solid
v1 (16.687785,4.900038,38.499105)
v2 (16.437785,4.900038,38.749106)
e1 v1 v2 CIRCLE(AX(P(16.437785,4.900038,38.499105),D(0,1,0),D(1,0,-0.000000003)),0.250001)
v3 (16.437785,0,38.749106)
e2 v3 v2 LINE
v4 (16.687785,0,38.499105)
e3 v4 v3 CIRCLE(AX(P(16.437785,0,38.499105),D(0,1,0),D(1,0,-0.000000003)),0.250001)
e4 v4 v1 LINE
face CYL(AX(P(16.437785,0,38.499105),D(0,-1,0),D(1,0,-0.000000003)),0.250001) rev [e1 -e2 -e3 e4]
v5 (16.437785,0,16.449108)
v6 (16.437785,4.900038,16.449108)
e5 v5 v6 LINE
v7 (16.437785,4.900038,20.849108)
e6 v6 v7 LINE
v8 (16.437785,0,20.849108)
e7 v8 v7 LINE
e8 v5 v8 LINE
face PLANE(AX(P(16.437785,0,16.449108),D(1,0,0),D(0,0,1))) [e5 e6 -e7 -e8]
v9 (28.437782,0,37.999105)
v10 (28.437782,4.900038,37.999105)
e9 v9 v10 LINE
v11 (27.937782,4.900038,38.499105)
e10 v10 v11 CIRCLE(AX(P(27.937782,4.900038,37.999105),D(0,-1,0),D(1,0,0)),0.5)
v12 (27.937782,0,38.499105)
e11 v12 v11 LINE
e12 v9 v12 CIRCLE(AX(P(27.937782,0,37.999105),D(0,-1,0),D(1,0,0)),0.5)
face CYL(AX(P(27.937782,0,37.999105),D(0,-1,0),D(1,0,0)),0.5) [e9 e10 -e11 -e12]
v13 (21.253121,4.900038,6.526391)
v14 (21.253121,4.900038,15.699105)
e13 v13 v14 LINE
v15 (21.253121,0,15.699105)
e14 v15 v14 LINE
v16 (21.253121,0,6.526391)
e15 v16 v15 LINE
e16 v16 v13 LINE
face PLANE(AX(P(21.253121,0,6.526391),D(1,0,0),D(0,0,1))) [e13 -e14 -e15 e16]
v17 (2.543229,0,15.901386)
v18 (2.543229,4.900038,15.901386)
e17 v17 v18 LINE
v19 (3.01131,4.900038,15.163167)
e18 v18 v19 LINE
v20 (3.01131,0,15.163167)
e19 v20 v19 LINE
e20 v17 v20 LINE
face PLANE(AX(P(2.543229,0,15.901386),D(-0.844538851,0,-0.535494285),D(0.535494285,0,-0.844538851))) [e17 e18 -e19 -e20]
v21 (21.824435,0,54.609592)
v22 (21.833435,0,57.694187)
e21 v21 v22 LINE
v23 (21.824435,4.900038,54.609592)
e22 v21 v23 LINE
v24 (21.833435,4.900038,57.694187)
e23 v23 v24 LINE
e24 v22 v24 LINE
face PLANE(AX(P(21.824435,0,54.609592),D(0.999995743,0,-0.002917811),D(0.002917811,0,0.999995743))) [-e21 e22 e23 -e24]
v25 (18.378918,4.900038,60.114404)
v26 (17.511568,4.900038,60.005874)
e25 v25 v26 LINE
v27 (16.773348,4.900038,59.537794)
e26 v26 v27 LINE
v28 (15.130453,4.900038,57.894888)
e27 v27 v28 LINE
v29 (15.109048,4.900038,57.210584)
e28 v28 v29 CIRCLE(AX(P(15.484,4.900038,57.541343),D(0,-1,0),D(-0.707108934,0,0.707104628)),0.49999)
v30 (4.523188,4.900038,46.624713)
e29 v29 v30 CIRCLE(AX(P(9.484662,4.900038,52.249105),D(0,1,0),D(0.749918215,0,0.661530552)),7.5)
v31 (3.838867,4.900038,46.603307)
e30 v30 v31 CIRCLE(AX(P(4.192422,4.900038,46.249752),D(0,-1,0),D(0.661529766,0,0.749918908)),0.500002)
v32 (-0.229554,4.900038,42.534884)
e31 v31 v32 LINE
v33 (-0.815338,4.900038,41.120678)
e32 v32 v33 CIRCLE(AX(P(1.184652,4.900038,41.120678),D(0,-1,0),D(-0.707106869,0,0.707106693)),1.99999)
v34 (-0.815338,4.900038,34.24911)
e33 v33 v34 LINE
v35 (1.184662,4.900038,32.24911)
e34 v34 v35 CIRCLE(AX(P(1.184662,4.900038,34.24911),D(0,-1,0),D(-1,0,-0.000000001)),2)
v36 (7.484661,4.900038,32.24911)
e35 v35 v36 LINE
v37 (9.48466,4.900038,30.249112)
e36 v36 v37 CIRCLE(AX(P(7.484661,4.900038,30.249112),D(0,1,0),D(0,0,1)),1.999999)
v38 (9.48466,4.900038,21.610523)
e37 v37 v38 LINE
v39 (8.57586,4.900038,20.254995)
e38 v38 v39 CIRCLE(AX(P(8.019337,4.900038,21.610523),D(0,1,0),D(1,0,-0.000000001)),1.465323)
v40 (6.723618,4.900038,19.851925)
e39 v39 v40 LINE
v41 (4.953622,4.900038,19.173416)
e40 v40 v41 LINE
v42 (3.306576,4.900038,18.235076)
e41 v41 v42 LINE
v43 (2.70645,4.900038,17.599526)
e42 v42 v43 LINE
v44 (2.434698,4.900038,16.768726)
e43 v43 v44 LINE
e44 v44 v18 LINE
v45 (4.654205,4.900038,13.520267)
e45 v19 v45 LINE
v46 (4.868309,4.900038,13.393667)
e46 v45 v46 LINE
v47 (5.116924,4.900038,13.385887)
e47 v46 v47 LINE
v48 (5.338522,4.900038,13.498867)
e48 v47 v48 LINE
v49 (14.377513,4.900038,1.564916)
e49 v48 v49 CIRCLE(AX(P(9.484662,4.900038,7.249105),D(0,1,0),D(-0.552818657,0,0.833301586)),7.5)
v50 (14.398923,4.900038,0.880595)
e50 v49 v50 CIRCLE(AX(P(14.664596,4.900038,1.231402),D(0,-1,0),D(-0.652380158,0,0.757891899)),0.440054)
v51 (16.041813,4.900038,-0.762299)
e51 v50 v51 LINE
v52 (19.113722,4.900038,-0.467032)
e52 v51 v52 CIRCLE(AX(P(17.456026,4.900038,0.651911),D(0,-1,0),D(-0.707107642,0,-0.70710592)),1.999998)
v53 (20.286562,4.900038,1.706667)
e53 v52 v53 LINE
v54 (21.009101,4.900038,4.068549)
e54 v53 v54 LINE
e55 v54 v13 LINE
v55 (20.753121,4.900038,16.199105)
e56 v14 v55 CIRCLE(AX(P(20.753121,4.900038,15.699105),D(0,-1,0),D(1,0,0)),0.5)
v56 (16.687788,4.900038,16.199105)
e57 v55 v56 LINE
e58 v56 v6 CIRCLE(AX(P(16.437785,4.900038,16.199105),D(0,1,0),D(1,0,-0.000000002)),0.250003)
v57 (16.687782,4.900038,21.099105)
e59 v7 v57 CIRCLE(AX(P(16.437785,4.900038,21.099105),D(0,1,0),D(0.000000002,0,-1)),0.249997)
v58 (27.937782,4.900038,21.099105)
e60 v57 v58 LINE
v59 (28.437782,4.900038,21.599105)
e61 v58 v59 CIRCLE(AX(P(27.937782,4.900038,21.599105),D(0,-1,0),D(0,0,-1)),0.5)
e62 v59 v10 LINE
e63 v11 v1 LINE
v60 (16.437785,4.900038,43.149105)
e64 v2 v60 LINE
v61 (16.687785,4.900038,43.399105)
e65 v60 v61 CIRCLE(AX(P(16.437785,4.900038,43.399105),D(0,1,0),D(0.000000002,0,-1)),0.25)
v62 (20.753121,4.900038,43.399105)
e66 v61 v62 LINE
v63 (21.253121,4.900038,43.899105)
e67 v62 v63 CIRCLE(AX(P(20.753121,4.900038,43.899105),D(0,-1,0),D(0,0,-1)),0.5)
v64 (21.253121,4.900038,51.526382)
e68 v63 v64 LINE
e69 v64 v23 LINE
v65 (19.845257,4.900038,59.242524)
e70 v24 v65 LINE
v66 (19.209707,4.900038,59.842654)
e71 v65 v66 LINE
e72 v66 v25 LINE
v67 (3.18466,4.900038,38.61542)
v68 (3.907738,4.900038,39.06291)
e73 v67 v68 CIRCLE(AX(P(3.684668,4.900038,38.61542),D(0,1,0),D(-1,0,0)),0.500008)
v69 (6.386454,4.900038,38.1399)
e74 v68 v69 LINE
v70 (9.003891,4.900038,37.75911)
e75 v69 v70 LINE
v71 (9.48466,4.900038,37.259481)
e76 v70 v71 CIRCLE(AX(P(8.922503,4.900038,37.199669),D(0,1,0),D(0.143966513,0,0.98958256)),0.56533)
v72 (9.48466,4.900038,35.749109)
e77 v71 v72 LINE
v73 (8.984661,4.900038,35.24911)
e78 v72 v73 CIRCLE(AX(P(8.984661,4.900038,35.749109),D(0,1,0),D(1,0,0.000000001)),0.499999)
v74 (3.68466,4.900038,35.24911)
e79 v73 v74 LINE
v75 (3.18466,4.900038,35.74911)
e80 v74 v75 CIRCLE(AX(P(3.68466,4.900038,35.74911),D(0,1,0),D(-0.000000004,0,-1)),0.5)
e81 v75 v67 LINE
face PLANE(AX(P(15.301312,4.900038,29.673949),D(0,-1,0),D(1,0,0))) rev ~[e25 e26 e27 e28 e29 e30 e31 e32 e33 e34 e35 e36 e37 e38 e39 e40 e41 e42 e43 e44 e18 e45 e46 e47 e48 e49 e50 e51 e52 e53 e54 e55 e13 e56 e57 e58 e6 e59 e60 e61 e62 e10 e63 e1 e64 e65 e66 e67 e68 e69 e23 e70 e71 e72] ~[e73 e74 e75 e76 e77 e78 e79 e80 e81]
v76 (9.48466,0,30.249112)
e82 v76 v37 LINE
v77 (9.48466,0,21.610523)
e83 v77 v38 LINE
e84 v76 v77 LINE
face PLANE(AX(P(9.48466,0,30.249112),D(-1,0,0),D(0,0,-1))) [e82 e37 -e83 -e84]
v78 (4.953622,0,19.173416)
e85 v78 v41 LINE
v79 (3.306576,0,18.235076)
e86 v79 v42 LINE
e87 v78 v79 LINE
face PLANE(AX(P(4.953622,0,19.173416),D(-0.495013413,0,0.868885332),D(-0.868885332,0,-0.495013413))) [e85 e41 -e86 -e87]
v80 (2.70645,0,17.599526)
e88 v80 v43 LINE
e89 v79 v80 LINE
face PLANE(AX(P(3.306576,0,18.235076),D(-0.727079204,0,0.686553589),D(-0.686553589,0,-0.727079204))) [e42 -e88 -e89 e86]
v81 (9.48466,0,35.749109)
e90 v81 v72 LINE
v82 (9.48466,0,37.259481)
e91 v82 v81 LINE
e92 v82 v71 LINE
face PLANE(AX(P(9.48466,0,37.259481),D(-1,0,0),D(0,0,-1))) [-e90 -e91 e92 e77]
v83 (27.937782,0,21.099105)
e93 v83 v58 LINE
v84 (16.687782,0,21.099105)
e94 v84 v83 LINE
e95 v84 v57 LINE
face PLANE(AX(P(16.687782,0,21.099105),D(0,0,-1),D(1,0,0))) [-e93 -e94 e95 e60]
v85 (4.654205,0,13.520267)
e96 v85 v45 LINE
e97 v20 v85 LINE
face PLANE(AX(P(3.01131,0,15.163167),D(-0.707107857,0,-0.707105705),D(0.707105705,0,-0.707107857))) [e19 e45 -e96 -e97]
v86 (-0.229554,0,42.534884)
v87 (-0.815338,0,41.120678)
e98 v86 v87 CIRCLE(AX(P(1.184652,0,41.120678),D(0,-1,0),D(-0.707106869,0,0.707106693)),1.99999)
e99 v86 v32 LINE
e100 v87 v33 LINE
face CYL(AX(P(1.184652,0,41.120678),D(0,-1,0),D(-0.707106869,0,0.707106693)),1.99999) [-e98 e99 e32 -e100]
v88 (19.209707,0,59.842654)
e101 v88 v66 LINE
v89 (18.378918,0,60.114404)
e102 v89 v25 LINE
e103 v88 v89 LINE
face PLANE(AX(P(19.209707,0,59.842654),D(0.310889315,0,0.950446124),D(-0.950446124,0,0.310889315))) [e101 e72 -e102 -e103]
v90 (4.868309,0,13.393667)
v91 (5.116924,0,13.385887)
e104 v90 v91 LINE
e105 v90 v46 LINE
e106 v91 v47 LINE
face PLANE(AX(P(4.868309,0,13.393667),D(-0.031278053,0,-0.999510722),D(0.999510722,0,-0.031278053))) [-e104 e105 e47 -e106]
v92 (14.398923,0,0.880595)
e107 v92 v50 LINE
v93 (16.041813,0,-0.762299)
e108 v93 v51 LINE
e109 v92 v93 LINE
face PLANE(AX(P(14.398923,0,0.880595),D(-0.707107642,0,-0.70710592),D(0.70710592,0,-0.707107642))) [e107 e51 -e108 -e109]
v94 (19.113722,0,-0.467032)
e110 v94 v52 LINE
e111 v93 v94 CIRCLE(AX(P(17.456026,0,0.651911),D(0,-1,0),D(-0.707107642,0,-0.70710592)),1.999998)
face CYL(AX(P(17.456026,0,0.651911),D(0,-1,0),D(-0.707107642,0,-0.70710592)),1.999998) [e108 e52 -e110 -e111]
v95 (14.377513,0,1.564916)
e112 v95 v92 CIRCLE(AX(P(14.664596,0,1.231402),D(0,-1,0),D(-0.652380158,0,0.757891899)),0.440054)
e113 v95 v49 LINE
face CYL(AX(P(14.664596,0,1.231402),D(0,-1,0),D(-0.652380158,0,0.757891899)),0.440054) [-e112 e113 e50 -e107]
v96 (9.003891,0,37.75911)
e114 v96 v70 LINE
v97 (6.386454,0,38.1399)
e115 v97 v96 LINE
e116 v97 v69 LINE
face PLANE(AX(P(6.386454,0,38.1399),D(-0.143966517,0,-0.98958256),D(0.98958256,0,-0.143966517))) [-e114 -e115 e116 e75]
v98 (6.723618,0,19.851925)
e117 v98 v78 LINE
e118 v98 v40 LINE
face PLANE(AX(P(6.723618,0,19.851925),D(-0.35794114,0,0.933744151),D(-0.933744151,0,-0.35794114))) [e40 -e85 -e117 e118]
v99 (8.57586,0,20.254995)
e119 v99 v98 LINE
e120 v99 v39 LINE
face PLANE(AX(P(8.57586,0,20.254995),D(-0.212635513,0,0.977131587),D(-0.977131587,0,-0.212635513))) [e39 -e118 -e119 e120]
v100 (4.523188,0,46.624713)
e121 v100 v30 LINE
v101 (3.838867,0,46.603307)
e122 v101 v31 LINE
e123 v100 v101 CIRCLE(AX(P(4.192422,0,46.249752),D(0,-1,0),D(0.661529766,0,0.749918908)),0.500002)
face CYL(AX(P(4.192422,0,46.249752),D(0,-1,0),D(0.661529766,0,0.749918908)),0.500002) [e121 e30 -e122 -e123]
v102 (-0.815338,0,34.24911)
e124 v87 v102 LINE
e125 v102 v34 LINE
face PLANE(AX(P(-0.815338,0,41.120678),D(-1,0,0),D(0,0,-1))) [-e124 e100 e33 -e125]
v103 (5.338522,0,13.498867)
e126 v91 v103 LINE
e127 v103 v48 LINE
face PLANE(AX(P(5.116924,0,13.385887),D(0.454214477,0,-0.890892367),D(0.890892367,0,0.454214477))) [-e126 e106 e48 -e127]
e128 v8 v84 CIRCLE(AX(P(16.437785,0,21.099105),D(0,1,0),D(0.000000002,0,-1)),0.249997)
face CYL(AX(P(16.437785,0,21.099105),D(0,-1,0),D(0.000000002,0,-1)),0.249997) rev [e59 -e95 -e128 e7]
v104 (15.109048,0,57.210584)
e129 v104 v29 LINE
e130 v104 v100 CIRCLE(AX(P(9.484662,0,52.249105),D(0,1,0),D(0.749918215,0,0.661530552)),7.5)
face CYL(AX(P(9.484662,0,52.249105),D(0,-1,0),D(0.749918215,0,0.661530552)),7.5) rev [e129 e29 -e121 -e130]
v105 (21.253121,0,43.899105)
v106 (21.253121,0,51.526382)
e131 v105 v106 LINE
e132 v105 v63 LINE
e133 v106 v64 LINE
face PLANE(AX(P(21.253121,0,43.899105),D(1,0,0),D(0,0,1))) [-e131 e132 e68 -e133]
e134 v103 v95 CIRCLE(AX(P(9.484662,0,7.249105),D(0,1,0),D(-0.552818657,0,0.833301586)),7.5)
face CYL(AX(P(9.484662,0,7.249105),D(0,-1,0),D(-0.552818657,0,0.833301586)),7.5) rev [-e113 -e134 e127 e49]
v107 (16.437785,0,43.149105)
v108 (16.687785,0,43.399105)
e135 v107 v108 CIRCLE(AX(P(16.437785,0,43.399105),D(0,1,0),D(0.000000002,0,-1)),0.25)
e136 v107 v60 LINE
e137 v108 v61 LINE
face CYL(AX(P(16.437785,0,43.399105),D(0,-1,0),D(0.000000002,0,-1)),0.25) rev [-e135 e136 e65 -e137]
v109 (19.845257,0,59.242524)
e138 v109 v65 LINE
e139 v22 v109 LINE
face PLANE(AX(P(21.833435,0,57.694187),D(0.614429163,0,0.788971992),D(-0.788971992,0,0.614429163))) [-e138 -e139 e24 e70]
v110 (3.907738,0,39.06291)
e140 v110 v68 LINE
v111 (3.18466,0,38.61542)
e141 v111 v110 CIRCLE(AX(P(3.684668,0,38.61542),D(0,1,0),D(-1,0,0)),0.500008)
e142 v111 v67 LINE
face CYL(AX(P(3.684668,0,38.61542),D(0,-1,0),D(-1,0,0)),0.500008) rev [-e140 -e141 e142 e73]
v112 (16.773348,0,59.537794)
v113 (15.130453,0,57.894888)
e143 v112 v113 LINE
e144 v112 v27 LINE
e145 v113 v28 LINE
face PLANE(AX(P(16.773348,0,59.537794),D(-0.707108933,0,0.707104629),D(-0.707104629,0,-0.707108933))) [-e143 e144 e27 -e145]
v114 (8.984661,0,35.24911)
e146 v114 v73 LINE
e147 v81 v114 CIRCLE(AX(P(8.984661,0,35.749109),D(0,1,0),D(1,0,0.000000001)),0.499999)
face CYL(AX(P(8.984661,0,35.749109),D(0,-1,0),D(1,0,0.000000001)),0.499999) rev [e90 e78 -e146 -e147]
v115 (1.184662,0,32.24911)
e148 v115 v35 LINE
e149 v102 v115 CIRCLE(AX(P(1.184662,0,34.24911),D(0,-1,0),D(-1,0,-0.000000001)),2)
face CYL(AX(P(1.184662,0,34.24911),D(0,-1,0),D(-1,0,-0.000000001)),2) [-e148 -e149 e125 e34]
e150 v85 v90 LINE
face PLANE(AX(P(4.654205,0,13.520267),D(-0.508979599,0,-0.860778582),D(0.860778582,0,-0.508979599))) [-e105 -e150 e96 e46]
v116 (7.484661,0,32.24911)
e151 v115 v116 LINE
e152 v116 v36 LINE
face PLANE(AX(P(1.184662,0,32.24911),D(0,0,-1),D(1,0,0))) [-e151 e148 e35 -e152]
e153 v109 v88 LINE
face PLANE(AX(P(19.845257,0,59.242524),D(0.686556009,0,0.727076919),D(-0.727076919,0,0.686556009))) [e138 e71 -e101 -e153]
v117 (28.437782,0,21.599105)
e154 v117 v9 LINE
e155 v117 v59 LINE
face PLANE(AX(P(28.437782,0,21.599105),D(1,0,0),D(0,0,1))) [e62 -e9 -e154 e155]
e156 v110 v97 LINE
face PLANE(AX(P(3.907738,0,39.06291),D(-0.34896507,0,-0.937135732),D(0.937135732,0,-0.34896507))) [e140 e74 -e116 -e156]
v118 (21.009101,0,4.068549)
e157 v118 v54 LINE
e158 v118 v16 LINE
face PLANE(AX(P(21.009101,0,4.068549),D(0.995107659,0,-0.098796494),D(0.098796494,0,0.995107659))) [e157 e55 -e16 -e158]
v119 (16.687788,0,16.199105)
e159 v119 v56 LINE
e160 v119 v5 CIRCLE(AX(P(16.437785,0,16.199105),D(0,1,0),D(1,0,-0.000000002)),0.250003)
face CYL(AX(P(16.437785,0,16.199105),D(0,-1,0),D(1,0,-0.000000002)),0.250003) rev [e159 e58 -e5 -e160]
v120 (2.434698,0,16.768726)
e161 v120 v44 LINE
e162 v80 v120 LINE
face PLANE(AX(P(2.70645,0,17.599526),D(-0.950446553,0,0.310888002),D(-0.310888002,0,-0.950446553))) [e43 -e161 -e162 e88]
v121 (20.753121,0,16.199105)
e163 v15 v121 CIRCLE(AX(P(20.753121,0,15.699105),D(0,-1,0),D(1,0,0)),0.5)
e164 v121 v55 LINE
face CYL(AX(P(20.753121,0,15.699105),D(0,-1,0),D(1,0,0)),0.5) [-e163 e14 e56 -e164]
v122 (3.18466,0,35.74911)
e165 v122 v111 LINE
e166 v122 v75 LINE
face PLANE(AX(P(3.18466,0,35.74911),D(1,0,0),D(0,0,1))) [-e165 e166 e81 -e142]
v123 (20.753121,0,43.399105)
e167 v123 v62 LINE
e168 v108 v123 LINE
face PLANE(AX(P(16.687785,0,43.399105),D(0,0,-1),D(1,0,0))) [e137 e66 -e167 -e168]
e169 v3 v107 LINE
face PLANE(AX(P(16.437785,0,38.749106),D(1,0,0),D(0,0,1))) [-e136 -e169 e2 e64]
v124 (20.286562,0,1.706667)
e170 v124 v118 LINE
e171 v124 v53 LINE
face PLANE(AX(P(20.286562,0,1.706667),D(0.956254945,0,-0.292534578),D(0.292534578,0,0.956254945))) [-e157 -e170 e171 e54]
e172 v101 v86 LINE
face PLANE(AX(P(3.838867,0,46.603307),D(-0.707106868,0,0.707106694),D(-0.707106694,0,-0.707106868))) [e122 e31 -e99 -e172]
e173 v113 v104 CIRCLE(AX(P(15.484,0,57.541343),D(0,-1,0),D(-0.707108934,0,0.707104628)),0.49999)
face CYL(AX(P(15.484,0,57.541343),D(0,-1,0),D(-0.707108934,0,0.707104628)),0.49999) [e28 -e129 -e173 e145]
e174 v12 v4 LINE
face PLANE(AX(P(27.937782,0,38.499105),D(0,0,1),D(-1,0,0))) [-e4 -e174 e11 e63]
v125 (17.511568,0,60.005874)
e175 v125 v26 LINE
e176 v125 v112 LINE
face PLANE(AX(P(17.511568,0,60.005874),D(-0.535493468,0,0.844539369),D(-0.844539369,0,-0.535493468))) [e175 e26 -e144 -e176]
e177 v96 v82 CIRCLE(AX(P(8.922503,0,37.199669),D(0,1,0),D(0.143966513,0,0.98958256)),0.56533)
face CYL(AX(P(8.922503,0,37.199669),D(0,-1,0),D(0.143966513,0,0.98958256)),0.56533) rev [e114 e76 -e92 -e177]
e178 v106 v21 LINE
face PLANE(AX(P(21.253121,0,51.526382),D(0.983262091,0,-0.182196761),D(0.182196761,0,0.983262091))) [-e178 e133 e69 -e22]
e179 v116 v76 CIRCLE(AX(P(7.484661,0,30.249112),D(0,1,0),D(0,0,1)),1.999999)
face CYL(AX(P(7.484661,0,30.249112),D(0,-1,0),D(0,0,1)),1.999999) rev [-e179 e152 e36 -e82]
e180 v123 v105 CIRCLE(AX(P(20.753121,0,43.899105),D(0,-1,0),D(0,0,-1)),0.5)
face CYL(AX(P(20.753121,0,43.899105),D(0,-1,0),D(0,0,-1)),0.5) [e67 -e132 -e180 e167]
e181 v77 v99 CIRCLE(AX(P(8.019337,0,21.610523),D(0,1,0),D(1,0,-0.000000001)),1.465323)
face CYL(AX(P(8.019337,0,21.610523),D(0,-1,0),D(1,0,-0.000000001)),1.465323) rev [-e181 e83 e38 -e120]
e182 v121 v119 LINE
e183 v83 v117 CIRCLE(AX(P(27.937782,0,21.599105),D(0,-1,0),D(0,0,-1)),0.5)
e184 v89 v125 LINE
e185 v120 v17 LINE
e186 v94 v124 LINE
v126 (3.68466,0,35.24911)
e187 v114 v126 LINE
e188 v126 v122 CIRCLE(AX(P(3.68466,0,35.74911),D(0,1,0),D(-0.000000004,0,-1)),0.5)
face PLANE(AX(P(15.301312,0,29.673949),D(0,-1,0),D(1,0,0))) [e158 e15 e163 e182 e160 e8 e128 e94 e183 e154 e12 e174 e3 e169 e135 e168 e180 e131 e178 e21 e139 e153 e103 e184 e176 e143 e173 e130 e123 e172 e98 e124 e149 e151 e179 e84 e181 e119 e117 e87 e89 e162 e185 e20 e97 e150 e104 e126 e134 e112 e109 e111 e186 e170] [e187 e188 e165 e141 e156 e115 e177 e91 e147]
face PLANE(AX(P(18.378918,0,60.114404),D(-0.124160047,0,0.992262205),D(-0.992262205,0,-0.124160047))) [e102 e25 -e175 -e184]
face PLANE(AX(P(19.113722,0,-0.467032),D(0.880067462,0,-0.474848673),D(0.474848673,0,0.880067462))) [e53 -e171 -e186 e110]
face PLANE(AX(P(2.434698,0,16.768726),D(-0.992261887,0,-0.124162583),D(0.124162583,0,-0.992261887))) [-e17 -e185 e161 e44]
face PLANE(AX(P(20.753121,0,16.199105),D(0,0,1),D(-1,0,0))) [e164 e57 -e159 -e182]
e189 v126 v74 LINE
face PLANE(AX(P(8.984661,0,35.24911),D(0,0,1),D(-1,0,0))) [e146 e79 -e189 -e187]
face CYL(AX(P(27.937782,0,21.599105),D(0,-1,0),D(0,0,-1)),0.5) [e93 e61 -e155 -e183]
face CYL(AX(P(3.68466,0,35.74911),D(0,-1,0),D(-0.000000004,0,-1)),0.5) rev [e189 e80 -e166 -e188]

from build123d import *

# Parameters (mm, degrees)
BOSS_EXTRU_1_DEPTH = 4.900038


with BuildPart() as part:
    # Esquisse1 → Boss.-Extru.1 (new body)
    with BuildSketch(Plane.XZ):
        with BuildLine():
            Line((-0.815337621, 41.120678267), (-0.815337621, 34.249109833))
            ThreePointArc((-0.815337621, 34.249109833), (-0.229551316, 32.834896593), (1.184661924, 32.249110289))
            Line((1.184661924, 32.249110289), (7.484661488, 32.249110289))
            ThreePointArc((7.484661488, 32.249110289), (8.898874021, 31.663324278), (9.484660032, 30.249111745))
            Line((9.484660032, 30.249111745), (9.484660032, 21.610522714))
            ThreePointArc((9.484660032, 21.610522714), (9.236435528, 20.794530717), (8.575860046, 20.254995384))
            Line((8.575860046, 20.254995384), (6.723618468, 19.851925476))
            Line((6.723618468, 19.851925476), (4.953621871, 19.173415631))
            Line((4.953621871, 19.173415631), (3.306576246, 18.235075845))
            Line((3.306576246, 18.235075845), (2.706450383, 17.599525989))
            Line((2.706450383, 17.599525989), (2.434698445, 16.768726179))
            Line((2.434698445, 16.768726179), (2.54322942, 15.901386376))
            Line((2.54322942, 15.901386376), (3.011310314, 15.163166545))
            Line((3.011310314, 15.163166545), (4.654204939, 13.520266919))
            Line((4.654204939, 13.520266919), (4.868308891, 13.393666948))
            Line((4.868308891, 13.393666948), (5.116923834, 13.38588695))
            Line((5.116923834, 13.38588695), (5.338521783, 13.498866924))
            ThreePointArc((5.338521783, 13.498866924), (15.463306351, 11.777438967), (14.377512906, 1.564915804))
            ThreePointArc((14.377512906, 1.564915804), (14.224756538, 1.21764125), (14.398922901, 0.88059496))
            Line((14.398922901, 0.88059496), (16.041812526, -0.762298665))
            ThreePointArc((16.041812526, -0.762298665), (17.647380358, -1.33891093), (19.113721826, -0.467032233))
            Line((19.113721826, -0.467032233), (20.286561559, 1.706666772))
            Line((20.286561559, 1.706666772), (21.009101394, 4.068549234))
            Line((21.009101394, 4.068549234), (21.253121339, 6.526390674))
            Line((21.253121339, 6.526390674), (21.253121339, 15.699105144))
            ThreePointArc((21.253121339, 15.699105144), (21.106674763, 16.052658454), (20.753121453, 16.19910503))
            Line((20.753121453, 16.19910503), (16.687787672, 16.19910503))
            ThreePointArc((16.687787672, 16.19910503), (16.261005783, 16.022326184), (16.43778463, 16.449108073))
            Line((16.43778463, 16.449108073), (16.43778463, 20.849107628))
            ThreePointArc((16.43778463, 20.849107628), (16.261009771, 21.275879889), (16.687782032, 21.09910503))
            Line((16.687782032, 21.09910503), (27.937782009, 21.09910503))
            ThreePointArc((27.937782009, 21.09910503), (28.291335319, 21.245551606), (28.437781895, 21.599104916))
            Line((28.437781895, 21.599104916), (28.437781895, 37.999105144))
            ThreePointArc((28.437781895, 37.999105144), (28.291335319, 38.352658454), (27.937782009, 38.49910503))
            Line((27.937782009, 38.49910503), (16.687785131, 38.49910503))
            ThreePointArc((16.687785131, 38.49910503), (16.26100758, 38.322327981), (16.43778463, 38.749105532))
            Line((16.43778463, 38.749105532), (16.43778463, 43.14910503))
            ThreePointArc((16.43778463, 43.14910503), (16.261007934, 43.575881726), (16.68778463, 43.39910503))
            Line((16.68778463, 43.39910503), (20.753121453, 43.39910503))
            ThreePointArc((20.753121453, 43.39910503), (21.106674763, 43.545551606), (21.253121339, 43.899104916))
            Line((21.253121339, 43.899104916), (21.253121339, 51.526382419))
            Line((21.253121339, 51.526382419), (21.824434721, 54.609591947))
            Line((21.824434721, 54.609591947), (21.833435025, 57.694186853))
            Line((21.833435025, 57.694186853), (19.84525724, 59.242523707))
            Line((19.84525724, 59.242523707), (19.209707385, 59.84265357))
            Line((19.209707385, 59.84265357), (18.378917574, 60.114403508))
            Line((18.378917574, 60.114403508), (17.511567772, 60.005873533))
            Line((17.511567772, 60.005873533), (16.77334794, 59.537793639))
            Line((16.77334794, 59.537793639), (15.130452537, 57.894888236))
            ThreePointArc((15.130452537, 57.894888236), (14.984254305, 57.556974361), (15.109048319, 57.21058417))
            ThreePointArc((15.109048319, 57.21058417), (14.787965349, 46.945806953), (4.52318847, 46.624713214))
            ThreePointArc((4.52318847, 46.624713214), (4.176789338, 46.749509832), (3.838867319, 46.603307018))
            Line((3.838867319, 46.603307018), (-0.229554407, 42.534884292))
            ThreePointArc((-0.229554407, 42.534884292), (-0.663097525, 41.886041033), (-0.815337621, 41.120678267))
        make_face()
        with BuildLine():
            Line((9.484660032, 37.259480615), (9.484660032, 35.749109175))
            ThreePointArc((9.484660032, 35.749109175), (9.338213749, 35.395556572), (8.984661146, 35.249110289))
            Line((8.984661146, 35.249110289), (3.684660032, 35.249110289))
            ThreePointArc((3.684660032, 35.249110289), (3.331106642, 35.395556899), (3.184660032, 35.749110289))
            Line((3.184660032, 35.749110289), (3.184660032, 38.615420306))
            ThreePointArc((3.184660032, 38.615420306), (3.421541448, 39.040593437), (3.907737867, 39.062910204))
            Line((3.907737867, 39.062910204), (6.386454303, 38.139900415))
            Line((6.386454303, 38.139900415), (9.003891164, 37.759110289))
            ThreePointArc((9.003891164, 37.759110289), (9.329866443, 37.591655279), (9.484660032, 37.259480615))
        make_face(mode=Mode.SUBTRACT)
    extrude(amount=-BOSS_EXTRU_1_DEPTH)


solid = part.part
